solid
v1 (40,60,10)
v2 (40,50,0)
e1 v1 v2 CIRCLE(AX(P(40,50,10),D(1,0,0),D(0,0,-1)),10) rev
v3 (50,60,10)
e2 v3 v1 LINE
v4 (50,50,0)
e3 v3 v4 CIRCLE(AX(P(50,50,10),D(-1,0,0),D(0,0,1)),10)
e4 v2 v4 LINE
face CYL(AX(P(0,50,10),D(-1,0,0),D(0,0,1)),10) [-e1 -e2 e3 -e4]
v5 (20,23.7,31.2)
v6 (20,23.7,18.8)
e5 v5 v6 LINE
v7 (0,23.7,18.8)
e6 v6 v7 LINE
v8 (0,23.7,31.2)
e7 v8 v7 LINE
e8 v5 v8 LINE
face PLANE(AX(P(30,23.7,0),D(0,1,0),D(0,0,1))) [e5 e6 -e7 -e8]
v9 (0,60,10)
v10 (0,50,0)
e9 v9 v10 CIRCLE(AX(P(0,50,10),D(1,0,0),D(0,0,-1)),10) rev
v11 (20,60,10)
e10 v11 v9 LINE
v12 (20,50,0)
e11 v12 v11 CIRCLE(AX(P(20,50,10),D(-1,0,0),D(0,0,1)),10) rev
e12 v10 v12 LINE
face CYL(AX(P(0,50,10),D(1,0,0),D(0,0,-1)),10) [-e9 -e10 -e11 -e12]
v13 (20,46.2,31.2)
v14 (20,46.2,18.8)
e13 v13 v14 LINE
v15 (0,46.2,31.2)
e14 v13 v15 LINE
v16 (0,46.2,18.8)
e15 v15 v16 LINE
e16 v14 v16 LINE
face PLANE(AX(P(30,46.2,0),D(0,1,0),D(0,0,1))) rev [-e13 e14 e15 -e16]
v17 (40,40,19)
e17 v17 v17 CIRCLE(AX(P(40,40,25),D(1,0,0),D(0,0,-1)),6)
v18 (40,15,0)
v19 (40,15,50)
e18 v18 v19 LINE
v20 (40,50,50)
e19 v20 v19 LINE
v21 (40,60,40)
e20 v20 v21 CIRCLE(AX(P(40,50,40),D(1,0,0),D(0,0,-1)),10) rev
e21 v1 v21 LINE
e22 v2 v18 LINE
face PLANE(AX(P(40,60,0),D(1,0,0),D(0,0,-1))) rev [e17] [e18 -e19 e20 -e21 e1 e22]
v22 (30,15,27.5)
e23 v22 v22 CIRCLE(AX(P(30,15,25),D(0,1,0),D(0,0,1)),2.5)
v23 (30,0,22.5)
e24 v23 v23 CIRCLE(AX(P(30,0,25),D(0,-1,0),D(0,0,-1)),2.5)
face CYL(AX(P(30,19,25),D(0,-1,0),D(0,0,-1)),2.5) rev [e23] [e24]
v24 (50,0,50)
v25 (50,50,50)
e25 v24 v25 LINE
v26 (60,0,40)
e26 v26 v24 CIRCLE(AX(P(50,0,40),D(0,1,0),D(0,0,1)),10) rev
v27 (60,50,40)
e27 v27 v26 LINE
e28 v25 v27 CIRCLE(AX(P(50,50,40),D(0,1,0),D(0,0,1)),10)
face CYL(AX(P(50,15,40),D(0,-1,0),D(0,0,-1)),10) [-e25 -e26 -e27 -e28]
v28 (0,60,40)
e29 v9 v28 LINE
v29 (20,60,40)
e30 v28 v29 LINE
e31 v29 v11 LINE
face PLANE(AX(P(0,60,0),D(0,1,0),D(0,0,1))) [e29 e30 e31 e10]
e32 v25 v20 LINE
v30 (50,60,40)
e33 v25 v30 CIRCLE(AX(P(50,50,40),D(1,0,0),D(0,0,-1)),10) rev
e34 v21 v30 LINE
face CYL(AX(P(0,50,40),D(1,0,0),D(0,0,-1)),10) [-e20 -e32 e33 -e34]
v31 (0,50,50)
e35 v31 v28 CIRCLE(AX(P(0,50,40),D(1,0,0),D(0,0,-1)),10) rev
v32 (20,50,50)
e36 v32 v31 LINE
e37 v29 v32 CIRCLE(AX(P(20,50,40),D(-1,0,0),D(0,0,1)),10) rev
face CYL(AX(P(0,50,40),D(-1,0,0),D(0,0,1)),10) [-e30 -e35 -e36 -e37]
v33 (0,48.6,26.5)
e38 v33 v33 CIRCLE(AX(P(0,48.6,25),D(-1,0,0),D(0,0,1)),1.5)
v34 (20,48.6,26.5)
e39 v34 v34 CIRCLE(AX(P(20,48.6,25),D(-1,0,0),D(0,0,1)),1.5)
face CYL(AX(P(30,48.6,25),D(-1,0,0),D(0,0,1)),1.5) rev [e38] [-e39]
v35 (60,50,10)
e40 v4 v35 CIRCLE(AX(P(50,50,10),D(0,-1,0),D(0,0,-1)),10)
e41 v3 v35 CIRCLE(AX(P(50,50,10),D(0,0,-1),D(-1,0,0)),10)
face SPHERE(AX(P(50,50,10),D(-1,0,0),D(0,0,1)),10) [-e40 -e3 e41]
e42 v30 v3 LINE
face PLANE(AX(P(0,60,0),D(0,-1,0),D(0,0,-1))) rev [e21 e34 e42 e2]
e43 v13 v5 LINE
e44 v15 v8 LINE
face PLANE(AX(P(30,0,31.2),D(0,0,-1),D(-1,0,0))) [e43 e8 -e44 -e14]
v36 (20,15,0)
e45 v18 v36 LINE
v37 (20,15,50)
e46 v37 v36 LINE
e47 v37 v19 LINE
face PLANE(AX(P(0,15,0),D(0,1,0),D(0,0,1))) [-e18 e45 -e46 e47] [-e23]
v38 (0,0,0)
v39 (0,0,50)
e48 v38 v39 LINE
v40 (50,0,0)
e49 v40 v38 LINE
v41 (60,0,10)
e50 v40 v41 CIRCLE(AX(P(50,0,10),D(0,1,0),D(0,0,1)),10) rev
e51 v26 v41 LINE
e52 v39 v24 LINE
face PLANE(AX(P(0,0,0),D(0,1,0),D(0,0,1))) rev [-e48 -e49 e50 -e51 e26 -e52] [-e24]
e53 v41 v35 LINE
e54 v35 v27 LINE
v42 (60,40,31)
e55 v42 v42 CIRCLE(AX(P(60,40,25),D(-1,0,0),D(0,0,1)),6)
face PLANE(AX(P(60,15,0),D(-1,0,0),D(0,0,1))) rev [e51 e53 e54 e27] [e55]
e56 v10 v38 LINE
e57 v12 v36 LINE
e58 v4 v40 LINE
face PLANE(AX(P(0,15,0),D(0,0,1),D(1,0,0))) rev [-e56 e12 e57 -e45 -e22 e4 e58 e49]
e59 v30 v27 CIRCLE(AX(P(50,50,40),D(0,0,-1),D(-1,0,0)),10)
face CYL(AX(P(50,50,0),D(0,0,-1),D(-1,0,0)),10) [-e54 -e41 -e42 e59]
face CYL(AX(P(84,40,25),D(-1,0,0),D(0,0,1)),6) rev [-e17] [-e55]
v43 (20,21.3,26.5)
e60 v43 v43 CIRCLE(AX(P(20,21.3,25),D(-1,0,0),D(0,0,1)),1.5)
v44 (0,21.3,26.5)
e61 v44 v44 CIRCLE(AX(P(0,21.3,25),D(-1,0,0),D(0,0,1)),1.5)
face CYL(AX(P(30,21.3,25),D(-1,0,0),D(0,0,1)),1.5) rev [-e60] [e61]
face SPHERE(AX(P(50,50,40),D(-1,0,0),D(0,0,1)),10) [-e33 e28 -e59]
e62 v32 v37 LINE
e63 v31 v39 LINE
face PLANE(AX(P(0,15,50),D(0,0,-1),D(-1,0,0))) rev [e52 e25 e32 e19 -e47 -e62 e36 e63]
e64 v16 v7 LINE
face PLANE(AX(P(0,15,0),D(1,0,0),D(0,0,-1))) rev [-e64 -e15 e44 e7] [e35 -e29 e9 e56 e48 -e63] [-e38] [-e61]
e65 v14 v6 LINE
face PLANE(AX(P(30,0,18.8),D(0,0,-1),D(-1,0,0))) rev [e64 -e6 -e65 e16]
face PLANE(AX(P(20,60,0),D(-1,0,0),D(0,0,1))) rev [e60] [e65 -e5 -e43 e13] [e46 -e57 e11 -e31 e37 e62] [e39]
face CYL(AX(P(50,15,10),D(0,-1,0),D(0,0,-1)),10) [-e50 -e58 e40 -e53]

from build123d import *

# Parameters (mm, degrees)
SKETCH1_W           = 60
SKETCH1_H           = 50
BOSS_EXTRUDE1_DEPTH = 15
SKETCH5_W           = 20
SKETCH5_H           = 50
BOSS_EXTRUDE5_DEPTH = 45
SKETCH6_R           = 6
CUT_EXTRUDE1_DEPTH  = 84
SKETCH7_R           = 2.5
CUT_EXTRUDE2_DEPTH  = 19
FILLET1_R           = 10
FILLET3_R           = 10
SKETCH8_R           = 6
SKETCH8_R_2         = 1.5
CUT_EXTRUDE3_DEPTH  = 30


with BuildPart() as part:
    # Sketch1 → Boss-Extrude1 (new body)
    with BuildSketch(Plane(origin=(0, 0, 0), x_dir=(1, 0, 0), z_dir=(0, 1, 0))):
        with Locations((30, -25)):
            Rectangle(SKETCH1_W, SKETCH1_H)
    extrude(amount=BOSS_EXTRUDE1_DEPTH)

    # Sketch5 → Boss-Extrude5 (add)
    with BuildSketch(Plane(origin=(0, 15, 0), x_dir=(1, 0, 0), z_dir=(0, 1, 0))):
        with Locations((10, -25)):
            Rectangle(SKETCH5_W, SKETCH5_H)
        with Locations((50, -25)):
            Rectangle(SKETCH5_W, SKETCH5_H)
    extrude(amount=BOSS_EXTRUDE5_DEPTH)

    # Sketch6 → Cut-Extrude1 (cut)
    with BuildSketch(Plane.ZY):
        with Locations((25, 40)):
            Circle(SKETCH6_R)
    extrude(amount=-CUT_EXTRUDE1_DEPTH, mode=Mode.SUBTRACT)

    # Sketch7 → Cut-Extrude2 (cut)
    with BuildSketch(Plane.XZ):
        with Locations((30, 25)):
            Circle(SKETCH7_R)
    extrude(amount=-CUT_EXTRUDE2_DEPTH, mode=Mode.SUBTRACT)

    # Fillet1
    fillet1_edges = [part.edges().sort_by_distance(p)[0] for p in [
        (10, 60, 50),
        (10, 60, 0),
        (50, 60, 0),
        (50, 60, 50),
    ]]
    fillet(fillet1_edges, radius=FILLET1_R)

    # Fillet3
    fillet3_edges = [part.edges().sort_by_distance(p)[0] for p in [
        (60, 25, 50),
        (60, 60, 25),
        (60, 25, 0),
        (60, 57.071067812, 2.928932188),
        (60, 57.071067812, 47.071067812),
    ]]
    fillet(fillet3_edges, radius=FILLET3_R)

    # Sketch8 → Cut-Extrude3 (cut)
    with BuildSketch(Plane.ZY):
        Polygon((31.2, 46.2), (25, 46.2), (18.8, 46.2), (18.8, 23.7), (25, 23.7), (31.2, 23.7), align=None)
        with Locations((25, 40)):
            Circle(SKETCH8_R, mode=Mode.SUBTRACT)
        with Locations((25, 48.6)):
            Circle(SKETCH8_R_2)
        with Locations((25, 21.3)):
            Circle(SKETCH8_R_2)
    extrude(amount=-CUT_EXTRUDE3_DEPTH, mode=Mode.SUBTRACT)


solid = part.part
